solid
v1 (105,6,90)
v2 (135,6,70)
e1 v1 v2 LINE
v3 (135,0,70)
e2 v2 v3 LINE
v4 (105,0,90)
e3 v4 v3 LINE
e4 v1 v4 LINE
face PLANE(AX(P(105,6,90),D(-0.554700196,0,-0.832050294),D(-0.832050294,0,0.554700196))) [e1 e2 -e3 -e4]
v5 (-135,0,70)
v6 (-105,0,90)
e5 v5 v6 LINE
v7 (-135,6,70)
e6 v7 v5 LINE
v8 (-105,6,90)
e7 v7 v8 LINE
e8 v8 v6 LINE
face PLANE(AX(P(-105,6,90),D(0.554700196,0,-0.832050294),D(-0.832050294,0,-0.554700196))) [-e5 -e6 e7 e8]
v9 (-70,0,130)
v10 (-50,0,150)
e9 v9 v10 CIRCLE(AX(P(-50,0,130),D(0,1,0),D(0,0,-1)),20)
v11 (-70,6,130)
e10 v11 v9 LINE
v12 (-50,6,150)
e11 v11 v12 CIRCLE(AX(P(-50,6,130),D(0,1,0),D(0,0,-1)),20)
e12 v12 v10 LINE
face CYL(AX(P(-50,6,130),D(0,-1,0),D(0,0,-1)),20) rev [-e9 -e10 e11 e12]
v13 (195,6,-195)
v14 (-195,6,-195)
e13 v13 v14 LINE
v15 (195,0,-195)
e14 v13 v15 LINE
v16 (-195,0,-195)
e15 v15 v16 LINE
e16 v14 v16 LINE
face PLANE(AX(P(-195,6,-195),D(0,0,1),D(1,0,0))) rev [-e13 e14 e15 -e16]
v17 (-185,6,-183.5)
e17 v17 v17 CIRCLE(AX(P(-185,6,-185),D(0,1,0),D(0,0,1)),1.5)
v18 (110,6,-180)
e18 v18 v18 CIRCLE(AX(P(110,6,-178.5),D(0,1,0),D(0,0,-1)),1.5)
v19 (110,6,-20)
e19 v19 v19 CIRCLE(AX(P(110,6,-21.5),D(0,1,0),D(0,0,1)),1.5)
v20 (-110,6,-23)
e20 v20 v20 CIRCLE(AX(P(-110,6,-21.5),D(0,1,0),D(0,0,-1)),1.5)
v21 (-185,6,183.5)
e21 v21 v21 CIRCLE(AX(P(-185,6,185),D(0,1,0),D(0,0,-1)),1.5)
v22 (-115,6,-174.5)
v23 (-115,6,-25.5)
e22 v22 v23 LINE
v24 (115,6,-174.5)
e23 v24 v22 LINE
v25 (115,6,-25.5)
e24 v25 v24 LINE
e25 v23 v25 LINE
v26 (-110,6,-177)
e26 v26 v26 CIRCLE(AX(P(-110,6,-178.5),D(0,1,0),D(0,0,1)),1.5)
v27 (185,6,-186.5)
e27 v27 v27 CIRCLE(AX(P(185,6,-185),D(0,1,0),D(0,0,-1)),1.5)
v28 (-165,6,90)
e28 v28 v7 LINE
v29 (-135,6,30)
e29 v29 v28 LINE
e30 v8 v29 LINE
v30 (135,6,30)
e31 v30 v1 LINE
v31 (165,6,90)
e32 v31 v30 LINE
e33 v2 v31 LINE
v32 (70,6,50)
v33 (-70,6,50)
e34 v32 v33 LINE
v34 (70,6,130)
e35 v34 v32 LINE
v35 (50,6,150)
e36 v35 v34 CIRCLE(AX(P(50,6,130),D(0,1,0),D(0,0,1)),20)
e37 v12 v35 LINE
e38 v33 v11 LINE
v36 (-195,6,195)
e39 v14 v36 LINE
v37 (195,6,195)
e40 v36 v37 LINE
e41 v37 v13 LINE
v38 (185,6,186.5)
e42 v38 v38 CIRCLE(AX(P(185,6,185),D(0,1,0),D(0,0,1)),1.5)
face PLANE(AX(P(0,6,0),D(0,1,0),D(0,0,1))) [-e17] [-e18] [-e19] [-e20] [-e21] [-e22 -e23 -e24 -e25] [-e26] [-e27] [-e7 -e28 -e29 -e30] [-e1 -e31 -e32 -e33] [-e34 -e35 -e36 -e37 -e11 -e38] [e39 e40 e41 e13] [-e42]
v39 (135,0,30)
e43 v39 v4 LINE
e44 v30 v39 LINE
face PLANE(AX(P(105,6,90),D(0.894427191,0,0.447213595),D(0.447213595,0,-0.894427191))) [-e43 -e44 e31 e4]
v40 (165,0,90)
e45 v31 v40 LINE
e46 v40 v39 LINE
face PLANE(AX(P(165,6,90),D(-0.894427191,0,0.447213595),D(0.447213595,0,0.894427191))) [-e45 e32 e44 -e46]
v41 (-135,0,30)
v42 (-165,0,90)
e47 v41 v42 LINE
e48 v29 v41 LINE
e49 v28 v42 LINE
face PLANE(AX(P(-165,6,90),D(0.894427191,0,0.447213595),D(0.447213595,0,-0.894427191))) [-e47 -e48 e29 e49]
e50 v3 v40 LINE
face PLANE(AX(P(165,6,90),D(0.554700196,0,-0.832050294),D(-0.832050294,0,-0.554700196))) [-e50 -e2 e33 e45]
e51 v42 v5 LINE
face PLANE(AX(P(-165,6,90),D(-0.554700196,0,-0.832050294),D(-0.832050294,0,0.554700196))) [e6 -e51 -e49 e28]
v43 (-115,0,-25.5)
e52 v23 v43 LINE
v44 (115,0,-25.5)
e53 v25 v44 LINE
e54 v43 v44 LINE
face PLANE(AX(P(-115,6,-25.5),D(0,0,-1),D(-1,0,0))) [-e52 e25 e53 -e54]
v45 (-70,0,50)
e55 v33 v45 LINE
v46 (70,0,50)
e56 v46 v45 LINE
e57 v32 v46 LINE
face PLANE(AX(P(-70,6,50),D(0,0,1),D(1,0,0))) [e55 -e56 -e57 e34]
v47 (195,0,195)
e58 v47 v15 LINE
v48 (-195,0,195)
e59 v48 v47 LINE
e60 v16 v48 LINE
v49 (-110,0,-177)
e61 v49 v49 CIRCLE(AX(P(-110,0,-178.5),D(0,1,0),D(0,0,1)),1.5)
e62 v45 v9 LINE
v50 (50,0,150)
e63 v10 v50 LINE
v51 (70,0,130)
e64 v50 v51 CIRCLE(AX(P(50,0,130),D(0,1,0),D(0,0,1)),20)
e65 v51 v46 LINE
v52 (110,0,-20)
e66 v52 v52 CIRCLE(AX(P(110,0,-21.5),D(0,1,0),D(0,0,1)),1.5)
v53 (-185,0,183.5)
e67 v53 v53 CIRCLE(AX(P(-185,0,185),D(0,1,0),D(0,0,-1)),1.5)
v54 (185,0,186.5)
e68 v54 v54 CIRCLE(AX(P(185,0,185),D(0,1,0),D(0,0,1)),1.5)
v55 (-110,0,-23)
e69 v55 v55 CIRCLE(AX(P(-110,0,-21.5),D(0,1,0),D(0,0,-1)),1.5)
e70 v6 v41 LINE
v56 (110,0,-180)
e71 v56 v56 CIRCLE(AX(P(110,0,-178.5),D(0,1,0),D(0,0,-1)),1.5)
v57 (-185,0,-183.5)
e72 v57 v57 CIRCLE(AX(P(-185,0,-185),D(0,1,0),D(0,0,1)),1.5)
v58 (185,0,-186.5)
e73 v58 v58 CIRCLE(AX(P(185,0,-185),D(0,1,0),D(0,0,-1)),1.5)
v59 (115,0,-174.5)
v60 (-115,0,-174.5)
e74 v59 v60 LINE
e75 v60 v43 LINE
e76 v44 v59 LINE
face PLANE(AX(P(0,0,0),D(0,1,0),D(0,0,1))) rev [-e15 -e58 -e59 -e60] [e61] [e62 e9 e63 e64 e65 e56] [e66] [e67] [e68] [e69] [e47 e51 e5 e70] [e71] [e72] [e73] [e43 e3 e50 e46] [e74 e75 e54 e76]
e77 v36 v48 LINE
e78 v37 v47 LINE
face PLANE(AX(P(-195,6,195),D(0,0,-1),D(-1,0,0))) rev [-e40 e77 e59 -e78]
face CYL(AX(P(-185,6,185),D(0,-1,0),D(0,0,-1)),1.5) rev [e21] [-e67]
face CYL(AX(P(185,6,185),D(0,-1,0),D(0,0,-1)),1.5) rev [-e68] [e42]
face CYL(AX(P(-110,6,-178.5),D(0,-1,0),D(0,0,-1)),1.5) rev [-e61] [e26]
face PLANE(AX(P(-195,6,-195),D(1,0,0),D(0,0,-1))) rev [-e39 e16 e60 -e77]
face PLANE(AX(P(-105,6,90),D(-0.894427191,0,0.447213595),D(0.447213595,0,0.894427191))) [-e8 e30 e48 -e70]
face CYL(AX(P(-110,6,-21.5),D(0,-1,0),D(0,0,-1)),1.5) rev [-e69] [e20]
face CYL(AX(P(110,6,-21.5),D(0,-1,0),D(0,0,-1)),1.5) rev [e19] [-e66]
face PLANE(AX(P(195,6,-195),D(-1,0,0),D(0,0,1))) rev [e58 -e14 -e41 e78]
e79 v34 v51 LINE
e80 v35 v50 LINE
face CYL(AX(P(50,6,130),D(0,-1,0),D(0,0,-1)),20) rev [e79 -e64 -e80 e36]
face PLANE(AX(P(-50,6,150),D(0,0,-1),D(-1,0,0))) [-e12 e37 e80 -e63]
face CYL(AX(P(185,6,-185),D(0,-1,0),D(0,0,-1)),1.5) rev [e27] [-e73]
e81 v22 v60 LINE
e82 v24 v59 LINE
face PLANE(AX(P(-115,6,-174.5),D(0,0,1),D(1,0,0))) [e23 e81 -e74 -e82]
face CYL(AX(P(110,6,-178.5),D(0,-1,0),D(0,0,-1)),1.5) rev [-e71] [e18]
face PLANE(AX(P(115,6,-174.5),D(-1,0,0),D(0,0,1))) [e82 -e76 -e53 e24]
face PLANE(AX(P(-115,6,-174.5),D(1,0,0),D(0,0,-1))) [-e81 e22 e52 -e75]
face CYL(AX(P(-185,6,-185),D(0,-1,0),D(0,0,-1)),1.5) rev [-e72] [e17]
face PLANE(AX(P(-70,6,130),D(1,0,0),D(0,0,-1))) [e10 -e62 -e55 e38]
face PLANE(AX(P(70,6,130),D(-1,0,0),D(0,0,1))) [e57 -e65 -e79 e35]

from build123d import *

# Parameters (mm, degrees)
SKETCH_1_W         = 390
SKETCH_1_H         = 390
SKETCH_1_R         = 1.5
SKETCH_1_W_2       = 230
SKETCH_1_H_2       = 149
EXTRUDE_1081_DEPTH = 6


with BuildPart() as part:
    # 草图1 → Extrude 1081 (new body)
    with BuildSketch(Plane(origin=(0, 0, 0), x_dir=(1, 0, 0), z_dir=(0, 1, 0))):
        Rectangle(SKETCH_1_W, SKETCH_1_H)
        with Locations(Location((-110, 178.5, 0), (0, 0, 270))):
            Circle(SKETCH_1_R, mode=Mode.SUBTRACT)
        with Locations(Location((-110, 21.5, 0), (0, 0, 90))):
            Circle(SKETCH_1_R, mode=Mode.SUBTRACT)
        with Locations(Location((110, 21.5, 0), (0, 0, 270))):
            Circle(SKETCH_1_R, mode=Mode.SUBTRACT)
        with Locations(Location((110, 178.5, 0), (0, 0, 90))):
            Circle(SKETCH_1_R, mode=Mode.SUBTRACT)
        with Locations(Location((-185, 185, 0), (0, 0, 270))):
            Circle(SKETCH_1_R, mode=Mode.SUBTRACT)
        with Locations(Location((-185, -185, 0), (0, 0, 90))):
            Circle(SKETCH_1_R, mode=Mode.SUBTRACT)
        with Locations(Location((185, -185, 0), (0, 0, 270))):
            Circle(SKETCH_1_R, mode=Mode.SUBTRACT)
        with Locations(Location((185, 185, 0), (0, 0, 90))):
            Circle(SKETCH_1_R, mode=Mode.SUBTRACT)
        with Locations((0, 100)):
            Rectangle(SKETCH_1_W_2, SKETCH_1_H_2, mode=Mode.SUBTRACT)
        with BuildLine():
            Line((-50, -150), (50, -150))
            ThreePointArc((50, -150), (64.142135624, -144.142135624), (70, -130))
            Line((70, -130), (70, -50))
            Line((70, -50), (-70, -50))
            Line((-70, -50), (-70, -130))
            ThreePointArc((-70, -130), (-64.142135624, -144.142135624), (-50, -150))
        make_face(mode=Mode.SUBTRACT)
        Polygon((-165, -90), (-135, -30), (-105, -90), (-135, -70), align=None, mode=Mode.SUBTRACT)
        Polygon((105, -90), (135, -30), (165, -90), (135, -70), align=None, mode=Mode.SUBTRACT)
    extrude(amount=EXTRUDE_1081_DEPTH)


solid = part.part
